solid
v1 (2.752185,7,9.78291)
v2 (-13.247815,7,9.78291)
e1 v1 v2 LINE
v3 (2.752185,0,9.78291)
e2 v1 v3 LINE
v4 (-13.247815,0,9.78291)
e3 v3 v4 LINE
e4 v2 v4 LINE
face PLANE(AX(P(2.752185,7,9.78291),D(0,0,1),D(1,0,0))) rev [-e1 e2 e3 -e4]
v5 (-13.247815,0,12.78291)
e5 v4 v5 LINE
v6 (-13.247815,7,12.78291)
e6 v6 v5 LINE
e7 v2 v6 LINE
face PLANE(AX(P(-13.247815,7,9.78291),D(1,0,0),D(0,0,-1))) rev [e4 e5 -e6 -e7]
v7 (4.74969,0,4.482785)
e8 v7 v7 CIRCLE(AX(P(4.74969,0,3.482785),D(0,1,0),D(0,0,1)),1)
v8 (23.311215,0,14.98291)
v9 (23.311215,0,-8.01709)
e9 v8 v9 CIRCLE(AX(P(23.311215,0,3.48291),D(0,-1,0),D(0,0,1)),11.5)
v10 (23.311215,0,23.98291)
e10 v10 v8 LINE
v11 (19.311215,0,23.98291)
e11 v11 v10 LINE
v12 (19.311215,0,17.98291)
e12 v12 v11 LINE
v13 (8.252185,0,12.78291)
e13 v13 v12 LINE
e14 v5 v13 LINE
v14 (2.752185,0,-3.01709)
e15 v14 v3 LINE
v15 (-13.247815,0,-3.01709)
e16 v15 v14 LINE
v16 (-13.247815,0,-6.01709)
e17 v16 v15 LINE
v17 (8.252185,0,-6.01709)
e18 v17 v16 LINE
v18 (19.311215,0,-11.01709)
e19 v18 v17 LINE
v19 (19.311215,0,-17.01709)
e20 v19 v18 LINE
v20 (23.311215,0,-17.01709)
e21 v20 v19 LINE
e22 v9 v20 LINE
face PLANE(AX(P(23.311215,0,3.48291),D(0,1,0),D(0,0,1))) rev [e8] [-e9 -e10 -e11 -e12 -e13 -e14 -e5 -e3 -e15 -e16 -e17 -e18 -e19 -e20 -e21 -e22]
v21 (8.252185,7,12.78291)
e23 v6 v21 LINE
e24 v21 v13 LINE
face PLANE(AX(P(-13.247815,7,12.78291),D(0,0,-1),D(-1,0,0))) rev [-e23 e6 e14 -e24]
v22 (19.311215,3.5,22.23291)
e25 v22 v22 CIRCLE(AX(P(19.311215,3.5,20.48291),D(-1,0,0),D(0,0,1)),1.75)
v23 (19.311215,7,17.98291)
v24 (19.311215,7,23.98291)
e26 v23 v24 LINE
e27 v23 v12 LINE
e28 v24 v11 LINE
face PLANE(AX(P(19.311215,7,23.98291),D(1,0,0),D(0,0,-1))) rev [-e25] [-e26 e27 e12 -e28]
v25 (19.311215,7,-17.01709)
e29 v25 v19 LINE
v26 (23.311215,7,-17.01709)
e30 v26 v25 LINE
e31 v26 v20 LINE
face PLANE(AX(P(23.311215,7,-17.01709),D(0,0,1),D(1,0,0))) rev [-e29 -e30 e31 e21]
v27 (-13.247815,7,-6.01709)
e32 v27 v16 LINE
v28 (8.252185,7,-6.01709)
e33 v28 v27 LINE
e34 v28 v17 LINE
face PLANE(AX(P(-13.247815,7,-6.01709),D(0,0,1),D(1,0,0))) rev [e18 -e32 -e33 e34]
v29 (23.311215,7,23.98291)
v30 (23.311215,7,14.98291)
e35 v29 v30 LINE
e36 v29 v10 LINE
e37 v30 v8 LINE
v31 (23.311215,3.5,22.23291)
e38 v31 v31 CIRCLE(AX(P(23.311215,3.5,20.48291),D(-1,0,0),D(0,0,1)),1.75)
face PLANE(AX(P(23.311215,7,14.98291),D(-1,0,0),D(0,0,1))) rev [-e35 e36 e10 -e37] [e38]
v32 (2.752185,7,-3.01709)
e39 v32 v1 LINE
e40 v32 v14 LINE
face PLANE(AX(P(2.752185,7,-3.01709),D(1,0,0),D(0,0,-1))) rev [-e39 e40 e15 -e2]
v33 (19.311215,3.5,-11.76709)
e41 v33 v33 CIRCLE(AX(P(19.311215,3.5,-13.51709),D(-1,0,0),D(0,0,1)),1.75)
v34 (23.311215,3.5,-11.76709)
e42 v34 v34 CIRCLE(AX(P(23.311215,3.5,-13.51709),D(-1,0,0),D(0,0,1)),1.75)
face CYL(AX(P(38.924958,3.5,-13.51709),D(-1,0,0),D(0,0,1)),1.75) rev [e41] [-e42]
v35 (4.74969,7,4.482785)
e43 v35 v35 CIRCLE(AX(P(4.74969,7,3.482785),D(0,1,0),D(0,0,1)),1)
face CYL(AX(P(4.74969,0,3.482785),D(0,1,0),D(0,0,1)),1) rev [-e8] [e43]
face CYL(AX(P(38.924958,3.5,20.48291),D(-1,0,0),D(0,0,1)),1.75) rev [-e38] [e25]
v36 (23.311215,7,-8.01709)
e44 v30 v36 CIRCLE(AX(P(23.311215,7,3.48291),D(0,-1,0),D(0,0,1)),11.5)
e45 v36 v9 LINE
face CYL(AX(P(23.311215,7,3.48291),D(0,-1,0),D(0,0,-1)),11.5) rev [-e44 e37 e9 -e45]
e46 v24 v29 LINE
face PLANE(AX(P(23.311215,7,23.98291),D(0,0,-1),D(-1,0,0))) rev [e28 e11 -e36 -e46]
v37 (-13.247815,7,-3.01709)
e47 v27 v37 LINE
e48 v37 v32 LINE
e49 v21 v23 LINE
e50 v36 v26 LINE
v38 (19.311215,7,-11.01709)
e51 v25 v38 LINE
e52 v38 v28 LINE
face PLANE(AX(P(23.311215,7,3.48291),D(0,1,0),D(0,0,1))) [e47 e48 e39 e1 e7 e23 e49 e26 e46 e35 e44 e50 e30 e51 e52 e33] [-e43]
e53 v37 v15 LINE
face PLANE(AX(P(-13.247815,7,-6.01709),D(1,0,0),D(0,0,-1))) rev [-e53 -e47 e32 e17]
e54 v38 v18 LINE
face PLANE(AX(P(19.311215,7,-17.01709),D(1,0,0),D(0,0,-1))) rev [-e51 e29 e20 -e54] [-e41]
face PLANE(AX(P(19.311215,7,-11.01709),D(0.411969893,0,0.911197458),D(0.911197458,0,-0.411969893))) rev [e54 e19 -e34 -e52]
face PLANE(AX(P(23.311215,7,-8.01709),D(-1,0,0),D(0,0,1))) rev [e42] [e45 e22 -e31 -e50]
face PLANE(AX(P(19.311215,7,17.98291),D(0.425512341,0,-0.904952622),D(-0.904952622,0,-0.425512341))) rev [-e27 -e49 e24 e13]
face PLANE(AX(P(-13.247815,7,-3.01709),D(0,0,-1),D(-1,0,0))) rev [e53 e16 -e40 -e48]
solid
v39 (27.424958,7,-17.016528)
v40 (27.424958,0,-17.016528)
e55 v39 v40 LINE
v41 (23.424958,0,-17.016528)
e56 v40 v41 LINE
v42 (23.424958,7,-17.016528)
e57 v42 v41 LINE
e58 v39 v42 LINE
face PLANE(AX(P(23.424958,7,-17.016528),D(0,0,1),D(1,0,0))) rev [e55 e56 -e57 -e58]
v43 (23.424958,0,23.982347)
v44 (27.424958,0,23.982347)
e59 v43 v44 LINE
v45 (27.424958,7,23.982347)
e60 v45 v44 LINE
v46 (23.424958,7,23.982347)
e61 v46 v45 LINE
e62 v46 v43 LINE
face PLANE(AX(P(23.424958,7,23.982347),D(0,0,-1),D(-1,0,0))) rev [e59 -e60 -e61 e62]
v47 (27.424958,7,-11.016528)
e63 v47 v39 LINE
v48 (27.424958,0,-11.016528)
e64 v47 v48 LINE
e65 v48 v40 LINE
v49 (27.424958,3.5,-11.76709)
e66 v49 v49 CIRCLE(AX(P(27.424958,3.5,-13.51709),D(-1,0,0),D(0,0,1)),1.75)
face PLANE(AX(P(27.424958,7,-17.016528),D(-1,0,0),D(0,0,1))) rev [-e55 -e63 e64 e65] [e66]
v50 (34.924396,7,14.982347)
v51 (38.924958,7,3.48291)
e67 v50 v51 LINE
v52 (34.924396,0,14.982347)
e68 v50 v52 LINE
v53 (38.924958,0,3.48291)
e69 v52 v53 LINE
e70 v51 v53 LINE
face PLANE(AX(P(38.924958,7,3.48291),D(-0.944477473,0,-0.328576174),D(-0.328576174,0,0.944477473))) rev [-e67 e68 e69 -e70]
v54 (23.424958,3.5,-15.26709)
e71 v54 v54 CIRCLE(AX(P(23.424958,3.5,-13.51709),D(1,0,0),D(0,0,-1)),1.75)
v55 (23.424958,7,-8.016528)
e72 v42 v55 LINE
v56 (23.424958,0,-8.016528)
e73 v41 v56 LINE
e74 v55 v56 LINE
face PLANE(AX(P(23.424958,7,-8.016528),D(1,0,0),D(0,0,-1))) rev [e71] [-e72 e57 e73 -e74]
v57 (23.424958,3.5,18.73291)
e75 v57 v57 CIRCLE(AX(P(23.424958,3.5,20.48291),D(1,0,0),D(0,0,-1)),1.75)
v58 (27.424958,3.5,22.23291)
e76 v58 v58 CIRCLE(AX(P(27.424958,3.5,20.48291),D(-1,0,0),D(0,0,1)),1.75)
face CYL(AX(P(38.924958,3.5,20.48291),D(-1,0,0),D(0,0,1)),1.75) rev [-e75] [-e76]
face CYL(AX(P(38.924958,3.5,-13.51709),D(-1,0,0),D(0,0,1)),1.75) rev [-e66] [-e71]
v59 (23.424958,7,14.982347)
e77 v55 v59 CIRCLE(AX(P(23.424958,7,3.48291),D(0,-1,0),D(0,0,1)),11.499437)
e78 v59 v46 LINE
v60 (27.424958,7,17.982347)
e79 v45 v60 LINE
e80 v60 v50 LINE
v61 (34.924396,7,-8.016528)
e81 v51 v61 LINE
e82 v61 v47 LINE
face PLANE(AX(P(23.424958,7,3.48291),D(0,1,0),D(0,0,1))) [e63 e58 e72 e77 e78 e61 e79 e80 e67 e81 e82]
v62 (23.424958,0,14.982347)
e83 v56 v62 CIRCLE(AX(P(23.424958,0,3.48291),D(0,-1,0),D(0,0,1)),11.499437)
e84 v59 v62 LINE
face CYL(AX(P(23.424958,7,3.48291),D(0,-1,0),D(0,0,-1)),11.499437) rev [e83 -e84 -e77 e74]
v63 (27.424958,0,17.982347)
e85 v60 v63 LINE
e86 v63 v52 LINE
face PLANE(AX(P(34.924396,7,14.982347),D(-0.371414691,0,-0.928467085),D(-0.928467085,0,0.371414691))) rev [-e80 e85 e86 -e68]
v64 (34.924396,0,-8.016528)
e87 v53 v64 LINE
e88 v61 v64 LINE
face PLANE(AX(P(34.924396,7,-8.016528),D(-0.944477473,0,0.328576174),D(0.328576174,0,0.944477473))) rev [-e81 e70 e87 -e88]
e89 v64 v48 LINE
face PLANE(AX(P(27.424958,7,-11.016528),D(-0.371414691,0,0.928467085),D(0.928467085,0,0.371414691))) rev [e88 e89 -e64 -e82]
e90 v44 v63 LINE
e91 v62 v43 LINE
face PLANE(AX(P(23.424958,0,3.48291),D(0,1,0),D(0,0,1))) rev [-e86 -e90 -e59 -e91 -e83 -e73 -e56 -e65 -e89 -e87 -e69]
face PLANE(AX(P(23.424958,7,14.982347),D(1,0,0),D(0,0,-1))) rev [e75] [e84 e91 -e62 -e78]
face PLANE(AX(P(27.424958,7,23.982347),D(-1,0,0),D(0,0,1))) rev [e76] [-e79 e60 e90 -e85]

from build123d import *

# Parameters (mm, degrees)
EXTRUDE_1_DEPTH     = 7
EXTRUDE_2_DEPTH     = 7
SKETCH_6_R          = 1.75
CUT_EXTRUDE_1_DEPTH = 42.039863202
SKETCH_4_R          = 1.75
CUT_EXTRUDE_2_DEPTH = 42.039863202
SKETCH_7_R          = 1
CUT_EXTRUDE_3_DEPTH = 47.252916804


with BuildPart() as part:
    # Эскиз1 → Бобышка-Вытянуть1 (new body)
    with BuildSketch(Plane(origin=(0, 0, 0), x_dir=(1, 0, 0), z_dir=(0, 1, 0))):
        with BuildLine():
            Line((-13.247814837, 6.017090357), (-13.247814837, 3.017090357))
            Line((-13.247814837, 3.017090357), (2.752185163, 3.017090357))
            Line((2.752185163, 3.017090357), (2.752185163, -9.782909643))
            Line((2.752185163, -9.782909643), (-13.247814837, -9.782909643))
            Line((-13.247814837, -9.782909643), (-13.247814837, -12.782909643))
            Line((-13.247814837, -12.782909643), (8.252185163, -12.782909643))
            Line((8.252185163, -12.782909643), (19.311214889, -17.982909643))
            Line((19.311214889, -17.982909643), (19.311214889, -23.982909643))
            Line((19.311214889, -23.982909643), (23.311214889, -23.982909643))
            Line((23.311214889, -23.982909643), (23.311214889, -14.982909643))
            ThreePointArc((23.311214889, -14.982909643), (11.811214889, -3.482909643), (23.311214889, 8.017090357))
            Line((23.311214889, 8.017090357), (23.311214889, 17.017090357))
            Line((23.311214889, 17.017090357), (19.311214889, 17.017090357))
            Line((19.311214889, 17.017090357), (19.311214889, 11.017090357))
            Line((19.311214889, 11.017090357), (8.252185163, 6.017090357))
            Line((8.252185163, 6.017090357), (-13.247814837, 6.017090357))
        make_face()
    extrude(amount=EXTRUDE_1_DEPTH)


with BuildPart() as body_2:
    # Эскиз2 → Бобышка-Вытянуть2 (new body)
    with BuildSketch(Plane(origin=(0, 0, 0), x_dir=(1, 0, 0), z_dir=(0, 1, 0))):
        with BuildLine():
            Line((23.424958034, -14.982347129), (23.424958034, -23.982347129))
            Line((23.424958034, -23.982347129), (27.424958034, -23.982347129))
            Line((27.424958034, -23.982347129), (27.424958034, -17.982347129))
            Line((27.424958034, -17.982347129), (34.924395521, -14.982347129))
            Line((34.924395521, -14.982347129), (38.924958034, -3.482909643))
            Line((38.924958034, -3.482909643), (34.924395521, 8.016527843))
            Line((34.924395521, 8.016527843), (27.424958034, 11.016527843))
            Line((27.424958034, 11.016527843), (27.424958034, 17.016527843))
            Line((27.424958034, 17.016527843), (23.424958034, 17.016527843))
            Line((23.424958034, 17.016527843), (23.424958034, 8.016527843))
            ThreePointArc((23.424958034, 8.016527843), (34.924395521, -3.482909643), (23.424958034, -14.982347129))
        make_face()
    extrude(amount=EXTRUDE_2_DEPTH)


with BuildPart() as cut_extrude_1_tool:
    # Эскиз6 → Вырез-Вытянуть1 (new, through all)
    with BuildSketch(Plane.ZY.offset(-19.311214889)):
        with Locations((20.482909643, 3.5)):
            Circle(SKETCH_6_R)
    extrude(amount=-CUT_EXTRUDE_1_DEPTH)


with BuildPart() as part_1:
    add(part.part)

    # Вырез-Вытянуть1: cut by cut_extrude_1_tool
    add(cut_extrude_1_tool.part, mode=Mode.SUBTRACT)


with BuildPart() as body_2_1:
    add(body_2.part)

    # Вырез-Вытянуть1: cut by cut_extrude_1_tool
    add(cut_extrude_1_tool.part, mode=Mode.SUBTRACT)


with BuildPart() as cut_extrude_2_tool:
    # Эскиз4 → Вырез-Вытянуть2 (new, through all)
    with BuildSketch(Plane.ZY.offset(-19.311214889)):
        with Locations((-13.517090357, 3.5)):
            Circle(SKETCH_4_R)
    extrude(amount=-CUT_EXTRUDE_2_DEPTH)


with BuildPart() as part_2:
    add(part_1.part)

    # Вырез-Вытянуть2: cut by cut_extrude_2_tool
    add(cut_extrude_2_tool.part, mode=Mode.SUBTRACT)

    # Эскиз7 → Вырез-Вытянуть3 (cut, through all)
    with BuildSketch(Plane(origin=(0, 7, 0), x_dir=(1, 0, 0), z_dir=(0, 1, 0))):
        with Locations(Location((4.749689841, -3.482784877, 0), (0, 0, 270))):
            Circle(SKETCH_7_R)
    extrude(amount=-CUT_EXTRUDE_3_DEPTH, mode=Mode.SUBTRACT)


with BuildPart() as body_2_2:
    add(body_2_1.part)

    # Вырез-Вытянуть2: cut by cut_extrude_2_tool
    add(cut_extrude_2_tool.part, mode=Mode.SUBTRACT)


solid = Compound([part_2.part, body_2_2.part])
